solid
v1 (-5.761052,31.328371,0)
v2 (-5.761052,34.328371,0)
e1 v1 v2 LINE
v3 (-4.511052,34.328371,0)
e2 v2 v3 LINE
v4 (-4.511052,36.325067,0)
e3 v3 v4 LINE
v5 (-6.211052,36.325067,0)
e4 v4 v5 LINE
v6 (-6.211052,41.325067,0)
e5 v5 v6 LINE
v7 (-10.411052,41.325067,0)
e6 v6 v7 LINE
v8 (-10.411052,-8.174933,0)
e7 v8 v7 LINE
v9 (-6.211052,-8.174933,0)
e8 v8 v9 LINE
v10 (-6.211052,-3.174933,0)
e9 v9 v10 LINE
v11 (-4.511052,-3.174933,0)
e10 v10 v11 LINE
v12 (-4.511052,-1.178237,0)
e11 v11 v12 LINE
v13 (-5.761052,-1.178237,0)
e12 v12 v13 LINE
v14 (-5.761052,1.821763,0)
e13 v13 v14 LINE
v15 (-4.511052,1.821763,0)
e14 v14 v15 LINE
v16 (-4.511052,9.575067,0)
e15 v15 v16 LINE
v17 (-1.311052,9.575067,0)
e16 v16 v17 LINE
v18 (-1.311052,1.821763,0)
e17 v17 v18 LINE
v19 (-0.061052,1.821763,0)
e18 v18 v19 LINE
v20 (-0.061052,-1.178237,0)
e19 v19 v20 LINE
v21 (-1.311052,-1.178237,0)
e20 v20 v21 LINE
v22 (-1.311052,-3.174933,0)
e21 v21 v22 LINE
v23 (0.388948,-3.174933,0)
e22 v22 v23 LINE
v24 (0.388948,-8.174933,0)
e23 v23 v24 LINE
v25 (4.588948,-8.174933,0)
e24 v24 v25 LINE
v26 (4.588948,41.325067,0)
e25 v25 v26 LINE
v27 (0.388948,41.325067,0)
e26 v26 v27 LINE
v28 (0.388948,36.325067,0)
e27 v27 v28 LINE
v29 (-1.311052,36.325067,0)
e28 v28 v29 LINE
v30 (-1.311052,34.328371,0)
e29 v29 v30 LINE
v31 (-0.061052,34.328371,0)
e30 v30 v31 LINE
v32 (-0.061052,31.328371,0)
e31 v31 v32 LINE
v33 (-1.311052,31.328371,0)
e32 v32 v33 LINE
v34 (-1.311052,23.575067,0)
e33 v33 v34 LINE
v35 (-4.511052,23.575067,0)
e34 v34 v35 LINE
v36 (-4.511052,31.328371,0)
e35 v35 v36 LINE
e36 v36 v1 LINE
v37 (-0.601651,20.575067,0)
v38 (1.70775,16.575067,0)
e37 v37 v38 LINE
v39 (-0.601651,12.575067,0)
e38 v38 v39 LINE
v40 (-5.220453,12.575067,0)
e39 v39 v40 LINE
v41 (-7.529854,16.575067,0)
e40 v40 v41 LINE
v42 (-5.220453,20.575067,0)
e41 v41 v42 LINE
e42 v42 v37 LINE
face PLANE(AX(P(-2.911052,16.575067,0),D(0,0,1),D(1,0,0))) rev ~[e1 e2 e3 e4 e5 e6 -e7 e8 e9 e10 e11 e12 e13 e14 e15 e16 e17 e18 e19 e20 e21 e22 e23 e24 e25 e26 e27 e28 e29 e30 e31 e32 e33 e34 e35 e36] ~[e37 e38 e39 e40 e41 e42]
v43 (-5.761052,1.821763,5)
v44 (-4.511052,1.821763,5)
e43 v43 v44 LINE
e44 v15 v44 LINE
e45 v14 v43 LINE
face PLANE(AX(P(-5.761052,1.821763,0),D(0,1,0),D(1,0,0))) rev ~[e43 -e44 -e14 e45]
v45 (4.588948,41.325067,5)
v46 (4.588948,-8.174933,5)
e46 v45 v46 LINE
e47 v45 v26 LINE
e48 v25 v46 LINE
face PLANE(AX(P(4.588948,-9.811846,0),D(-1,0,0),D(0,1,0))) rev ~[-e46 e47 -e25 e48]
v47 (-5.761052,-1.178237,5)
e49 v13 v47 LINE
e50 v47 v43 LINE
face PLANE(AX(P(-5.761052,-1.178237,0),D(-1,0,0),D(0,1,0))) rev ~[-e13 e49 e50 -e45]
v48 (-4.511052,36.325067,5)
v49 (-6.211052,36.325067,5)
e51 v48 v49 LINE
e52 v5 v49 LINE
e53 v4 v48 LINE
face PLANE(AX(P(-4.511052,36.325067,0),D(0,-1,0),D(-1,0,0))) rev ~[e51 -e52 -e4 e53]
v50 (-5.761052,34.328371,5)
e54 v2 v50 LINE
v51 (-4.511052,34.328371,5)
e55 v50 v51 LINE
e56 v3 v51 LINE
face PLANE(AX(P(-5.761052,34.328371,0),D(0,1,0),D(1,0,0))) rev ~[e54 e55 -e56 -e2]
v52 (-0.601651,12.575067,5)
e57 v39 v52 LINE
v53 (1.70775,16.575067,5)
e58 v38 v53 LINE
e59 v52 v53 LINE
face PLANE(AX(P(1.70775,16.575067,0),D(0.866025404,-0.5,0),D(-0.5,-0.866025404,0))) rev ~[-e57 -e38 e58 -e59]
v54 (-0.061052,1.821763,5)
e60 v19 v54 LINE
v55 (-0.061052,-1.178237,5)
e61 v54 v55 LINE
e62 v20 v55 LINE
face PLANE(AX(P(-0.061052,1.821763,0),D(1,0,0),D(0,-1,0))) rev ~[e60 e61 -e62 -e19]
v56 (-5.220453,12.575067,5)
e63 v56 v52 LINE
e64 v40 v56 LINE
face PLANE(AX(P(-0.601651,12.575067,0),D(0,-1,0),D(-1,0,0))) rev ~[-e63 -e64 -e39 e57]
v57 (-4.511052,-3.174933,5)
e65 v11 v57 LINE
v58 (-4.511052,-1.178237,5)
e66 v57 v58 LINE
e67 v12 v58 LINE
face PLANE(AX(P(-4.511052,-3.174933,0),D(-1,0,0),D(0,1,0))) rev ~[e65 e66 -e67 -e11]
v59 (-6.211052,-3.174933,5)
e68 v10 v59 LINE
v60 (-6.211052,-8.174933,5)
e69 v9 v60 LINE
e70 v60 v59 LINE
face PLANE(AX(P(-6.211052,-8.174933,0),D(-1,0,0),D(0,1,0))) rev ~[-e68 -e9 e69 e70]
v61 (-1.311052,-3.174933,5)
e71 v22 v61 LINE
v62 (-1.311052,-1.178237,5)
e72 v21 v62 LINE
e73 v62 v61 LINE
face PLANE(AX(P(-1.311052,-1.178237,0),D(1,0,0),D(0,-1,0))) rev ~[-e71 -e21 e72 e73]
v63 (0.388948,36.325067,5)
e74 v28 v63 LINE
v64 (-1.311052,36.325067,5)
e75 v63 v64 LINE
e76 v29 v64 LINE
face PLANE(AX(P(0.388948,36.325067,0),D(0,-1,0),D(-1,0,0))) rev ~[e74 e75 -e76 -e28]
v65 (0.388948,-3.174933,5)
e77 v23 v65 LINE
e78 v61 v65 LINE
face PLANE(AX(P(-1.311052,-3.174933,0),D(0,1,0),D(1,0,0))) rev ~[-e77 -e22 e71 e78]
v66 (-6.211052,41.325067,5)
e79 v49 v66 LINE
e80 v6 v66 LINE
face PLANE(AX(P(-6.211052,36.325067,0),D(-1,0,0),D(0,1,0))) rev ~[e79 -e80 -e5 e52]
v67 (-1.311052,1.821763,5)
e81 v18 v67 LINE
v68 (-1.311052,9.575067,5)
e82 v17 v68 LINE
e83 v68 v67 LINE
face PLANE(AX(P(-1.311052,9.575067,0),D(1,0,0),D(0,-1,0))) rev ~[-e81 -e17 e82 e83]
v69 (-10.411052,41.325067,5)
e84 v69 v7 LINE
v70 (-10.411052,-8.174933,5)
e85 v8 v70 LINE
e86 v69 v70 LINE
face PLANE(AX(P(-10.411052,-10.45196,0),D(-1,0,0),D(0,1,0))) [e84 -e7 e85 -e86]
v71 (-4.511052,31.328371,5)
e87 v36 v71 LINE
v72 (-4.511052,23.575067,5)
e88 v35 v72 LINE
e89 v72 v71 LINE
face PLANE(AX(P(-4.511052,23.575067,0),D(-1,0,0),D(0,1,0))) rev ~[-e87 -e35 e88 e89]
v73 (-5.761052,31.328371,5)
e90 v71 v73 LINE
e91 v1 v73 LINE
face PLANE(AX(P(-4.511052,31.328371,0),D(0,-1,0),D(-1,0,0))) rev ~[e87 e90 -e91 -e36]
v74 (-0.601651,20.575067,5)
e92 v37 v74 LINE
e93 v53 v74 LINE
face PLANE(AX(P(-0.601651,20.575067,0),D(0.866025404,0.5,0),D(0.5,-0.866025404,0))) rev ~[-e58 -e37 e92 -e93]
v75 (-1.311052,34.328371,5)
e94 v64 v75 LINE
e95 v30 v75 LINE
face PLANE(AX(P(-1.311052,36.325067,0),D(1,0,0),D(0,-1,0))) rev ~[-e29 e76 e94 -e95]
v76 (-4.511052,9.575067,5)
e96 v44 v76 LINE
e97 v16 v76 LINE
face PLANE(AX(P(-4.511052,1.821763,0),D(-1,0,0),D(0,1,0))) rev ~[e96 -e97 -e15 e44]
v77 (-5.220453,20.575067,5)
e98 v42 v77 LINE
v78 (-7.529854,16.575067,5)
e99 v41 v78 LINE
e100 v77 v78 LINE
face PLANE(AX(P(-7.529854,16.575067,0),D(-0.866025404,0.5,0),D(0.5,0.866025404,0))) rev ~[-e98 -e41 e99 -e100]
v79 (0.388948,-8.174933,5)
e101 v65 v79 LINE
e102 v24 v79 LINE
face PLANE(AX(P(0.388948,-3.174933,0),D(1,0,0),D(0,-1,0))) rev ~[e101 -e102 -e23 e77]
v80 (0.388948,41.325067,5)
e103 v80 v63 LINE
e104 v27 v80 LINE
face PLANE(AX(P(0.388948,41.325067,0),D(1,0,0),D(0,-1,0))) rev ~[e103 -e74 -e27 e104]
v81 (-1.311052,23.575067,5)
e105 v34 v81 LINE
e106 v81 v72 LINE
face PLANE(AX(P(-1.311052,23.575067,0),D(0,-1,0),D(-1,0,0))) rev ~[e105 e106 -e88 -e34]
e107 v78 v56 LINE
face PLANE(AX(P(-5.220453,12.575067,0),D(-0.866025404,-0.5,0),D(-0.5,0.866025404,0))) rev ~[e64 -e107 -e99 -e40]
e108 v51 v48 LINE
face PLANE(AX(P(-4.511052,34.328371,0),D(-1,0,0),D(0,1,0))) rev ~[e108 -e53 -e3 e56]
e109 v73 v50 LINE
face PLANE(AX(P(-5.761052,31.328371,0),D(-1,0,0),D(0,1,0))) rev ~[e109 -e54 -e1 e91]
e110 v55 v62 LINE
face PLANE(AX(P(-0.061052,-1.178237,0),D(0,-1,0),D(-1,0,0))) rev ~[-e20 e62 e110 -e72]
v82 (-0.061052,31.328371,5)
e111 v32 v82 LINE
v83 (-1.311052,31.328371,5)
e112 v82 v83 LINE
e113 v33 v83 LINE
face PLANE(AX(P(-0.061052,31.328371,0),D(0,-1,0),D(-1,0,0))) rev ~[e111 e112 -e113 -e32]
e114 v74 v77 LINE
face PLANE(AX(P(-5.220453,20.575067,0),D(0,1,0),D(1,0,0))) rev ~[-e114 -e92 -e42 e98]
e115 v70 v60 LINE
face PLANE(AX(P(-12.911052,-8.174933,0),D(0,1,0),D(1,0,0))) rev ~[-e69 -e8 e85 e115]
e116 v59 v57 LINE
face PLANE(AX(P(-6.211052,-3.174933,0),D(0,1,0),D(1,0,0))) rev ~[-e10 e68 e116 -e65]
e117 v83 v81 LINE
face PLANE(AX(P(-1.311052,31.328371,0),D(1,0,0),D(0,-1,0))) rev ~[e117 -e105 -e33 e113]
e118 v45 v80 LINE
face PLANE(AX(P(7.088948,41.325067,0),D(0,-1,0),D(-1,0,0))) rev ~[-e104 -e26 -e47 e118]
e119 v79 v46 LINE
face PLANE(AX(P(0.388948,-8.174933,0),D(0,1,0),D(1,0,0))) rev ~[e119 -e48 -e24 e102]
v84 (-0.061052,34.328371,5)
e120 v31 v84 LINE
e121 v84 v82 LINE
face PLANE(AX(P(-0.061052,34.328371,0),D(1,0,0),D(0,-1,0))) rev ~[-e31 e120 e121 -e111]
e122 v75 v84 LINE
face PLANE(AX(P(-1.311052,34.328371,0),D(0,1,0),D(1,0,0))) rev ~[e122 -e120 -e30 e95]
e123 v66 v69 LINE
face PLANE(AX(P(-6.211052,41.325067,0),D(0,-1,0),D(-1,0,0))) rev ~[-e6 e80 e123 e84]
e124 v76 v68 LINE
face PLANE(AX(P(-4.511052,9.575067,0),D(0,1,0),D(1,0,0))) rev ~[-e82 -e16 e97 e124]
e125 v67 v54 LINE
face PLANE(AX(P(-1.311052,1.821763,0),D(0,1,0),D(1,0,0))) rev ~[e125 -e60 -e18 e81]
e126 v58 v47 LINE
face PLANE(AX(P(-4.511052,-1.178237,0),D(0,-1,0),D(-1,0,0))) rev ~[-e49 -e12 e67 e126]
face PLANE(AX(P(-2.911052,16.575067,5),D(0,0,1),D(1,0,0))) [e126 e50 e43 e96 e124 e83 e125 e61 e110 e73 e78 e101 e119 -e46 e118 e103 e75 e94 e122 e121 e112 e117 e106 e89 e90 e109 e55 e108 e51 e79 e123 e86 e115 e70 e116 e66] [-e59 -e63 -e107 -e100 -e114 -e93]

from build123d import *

# Parameters (mm, degrees)
BOSS_EXTRU_1_DEPTH      = 5
ESQUISSE2_W             = 11.095305832
ESQUISSE2_H             = 52.844950213
ESQUISSE2_W_2           = 7.610241821
ESQUISSE2_H_2           = 54.125177809
ENL_V_MAT_EXTRU_1_DEPTH = 10
ENL_V_MAT_EXTRU_2_DEPTH = 10


with BuildPart() as part:
    # Esquisse1 → Boss.-Extru.1 (new body)
    with BuildSketch(Plane.XY):
        Polygon((-12.911051911, 41.325067336), (-12.911051911, -8.174932664), (-6.211051911, -8.174932664), (-6.211051911, -3.174932664), (-4.511051911, -3.174932664), (-4.511051911, -1.178236629), (-5.761051911, -1.178236629), (-5.761051911, 1.821763371), (-4.511051911, 1.821763371), (-4.511051911, 9.575067336), (-1.311051911, 9.575067336), (-1.311051911, 1.821763371), (-0.061051911, 1.821763371), (-0.061051911, -1.178236629), (-1.311051911, -1.178236629), (-1.311051911, -3.174932664), (0.388948089, -3.174932664), (0.388948089, -8.174932664), (7.088948089, -8.174932664), (7.088948089, 41.325067336), (0.388948089, 41.325067336), (0.388948089, 36.325067336), (-1.311051911, 36.325067336), (-1.311051911, 34.328371301), (-0.061051911, 34.328371301), (-0.061051911, 31.328371301), (-1.311051911, 31.328371301), (-1.311051911, 23.575067336), (-4.511051911, 23.575067336), (-4.511051911, 31.328371301), (-5.761051911, 31.328371301), (-5.761051911, 34.328371301), (-4.511051911, 34.328371301), (-4.511051911, 36.325067336), (-6.211051911, 36.325067336), (-6.211051911, 41.325067336), align=None)
    extrude(amount=BOSS_EXTRU_1_DEPTH)

    # Esquisse2 → Enlèv. mat.-Extru.1 (cut)
    with BuildSketch(Plane(origin=(0, 0, 0), x_dir=(-1, 0, 0), z_dir=(0, 0, -1))):
        with Locations((-10.136601005, 16.610629213)):
            Rectangle(ESQUISSE2_W, ESQUISSE2_H)
        with Locations((14.216172822, 16.610629214)):
            Rectangle(ESQUISSE2_W_2, ESQUISSE2_H_2)
    extrude(amount=-ENL_V_MAT_EXTRU_1_DEPTH, mode=Mode.SUBTRACT)

    # Esquisse3 → Enlèv. mat.-Extru.2 (cut)
    with BuildSketch(Plane(origin=(0, 0, 0), x_dir=(-1, 0, 0), z_dir=(0, 0, -1))):
        Polygon((5.220452988, 12.575067336), (7.529854064, 16.575067336), (5.220452988, 20.575067336), (0.601650834, 20.575067336), (-1.707750243, 16.575067336), (0.601650834, 12.575067336), align=None)
    extrude(amount=-ENL_V_MAT_EXTRU_2_DEPTH, mode=Mode.SUBTRACT)


solid = part.part
